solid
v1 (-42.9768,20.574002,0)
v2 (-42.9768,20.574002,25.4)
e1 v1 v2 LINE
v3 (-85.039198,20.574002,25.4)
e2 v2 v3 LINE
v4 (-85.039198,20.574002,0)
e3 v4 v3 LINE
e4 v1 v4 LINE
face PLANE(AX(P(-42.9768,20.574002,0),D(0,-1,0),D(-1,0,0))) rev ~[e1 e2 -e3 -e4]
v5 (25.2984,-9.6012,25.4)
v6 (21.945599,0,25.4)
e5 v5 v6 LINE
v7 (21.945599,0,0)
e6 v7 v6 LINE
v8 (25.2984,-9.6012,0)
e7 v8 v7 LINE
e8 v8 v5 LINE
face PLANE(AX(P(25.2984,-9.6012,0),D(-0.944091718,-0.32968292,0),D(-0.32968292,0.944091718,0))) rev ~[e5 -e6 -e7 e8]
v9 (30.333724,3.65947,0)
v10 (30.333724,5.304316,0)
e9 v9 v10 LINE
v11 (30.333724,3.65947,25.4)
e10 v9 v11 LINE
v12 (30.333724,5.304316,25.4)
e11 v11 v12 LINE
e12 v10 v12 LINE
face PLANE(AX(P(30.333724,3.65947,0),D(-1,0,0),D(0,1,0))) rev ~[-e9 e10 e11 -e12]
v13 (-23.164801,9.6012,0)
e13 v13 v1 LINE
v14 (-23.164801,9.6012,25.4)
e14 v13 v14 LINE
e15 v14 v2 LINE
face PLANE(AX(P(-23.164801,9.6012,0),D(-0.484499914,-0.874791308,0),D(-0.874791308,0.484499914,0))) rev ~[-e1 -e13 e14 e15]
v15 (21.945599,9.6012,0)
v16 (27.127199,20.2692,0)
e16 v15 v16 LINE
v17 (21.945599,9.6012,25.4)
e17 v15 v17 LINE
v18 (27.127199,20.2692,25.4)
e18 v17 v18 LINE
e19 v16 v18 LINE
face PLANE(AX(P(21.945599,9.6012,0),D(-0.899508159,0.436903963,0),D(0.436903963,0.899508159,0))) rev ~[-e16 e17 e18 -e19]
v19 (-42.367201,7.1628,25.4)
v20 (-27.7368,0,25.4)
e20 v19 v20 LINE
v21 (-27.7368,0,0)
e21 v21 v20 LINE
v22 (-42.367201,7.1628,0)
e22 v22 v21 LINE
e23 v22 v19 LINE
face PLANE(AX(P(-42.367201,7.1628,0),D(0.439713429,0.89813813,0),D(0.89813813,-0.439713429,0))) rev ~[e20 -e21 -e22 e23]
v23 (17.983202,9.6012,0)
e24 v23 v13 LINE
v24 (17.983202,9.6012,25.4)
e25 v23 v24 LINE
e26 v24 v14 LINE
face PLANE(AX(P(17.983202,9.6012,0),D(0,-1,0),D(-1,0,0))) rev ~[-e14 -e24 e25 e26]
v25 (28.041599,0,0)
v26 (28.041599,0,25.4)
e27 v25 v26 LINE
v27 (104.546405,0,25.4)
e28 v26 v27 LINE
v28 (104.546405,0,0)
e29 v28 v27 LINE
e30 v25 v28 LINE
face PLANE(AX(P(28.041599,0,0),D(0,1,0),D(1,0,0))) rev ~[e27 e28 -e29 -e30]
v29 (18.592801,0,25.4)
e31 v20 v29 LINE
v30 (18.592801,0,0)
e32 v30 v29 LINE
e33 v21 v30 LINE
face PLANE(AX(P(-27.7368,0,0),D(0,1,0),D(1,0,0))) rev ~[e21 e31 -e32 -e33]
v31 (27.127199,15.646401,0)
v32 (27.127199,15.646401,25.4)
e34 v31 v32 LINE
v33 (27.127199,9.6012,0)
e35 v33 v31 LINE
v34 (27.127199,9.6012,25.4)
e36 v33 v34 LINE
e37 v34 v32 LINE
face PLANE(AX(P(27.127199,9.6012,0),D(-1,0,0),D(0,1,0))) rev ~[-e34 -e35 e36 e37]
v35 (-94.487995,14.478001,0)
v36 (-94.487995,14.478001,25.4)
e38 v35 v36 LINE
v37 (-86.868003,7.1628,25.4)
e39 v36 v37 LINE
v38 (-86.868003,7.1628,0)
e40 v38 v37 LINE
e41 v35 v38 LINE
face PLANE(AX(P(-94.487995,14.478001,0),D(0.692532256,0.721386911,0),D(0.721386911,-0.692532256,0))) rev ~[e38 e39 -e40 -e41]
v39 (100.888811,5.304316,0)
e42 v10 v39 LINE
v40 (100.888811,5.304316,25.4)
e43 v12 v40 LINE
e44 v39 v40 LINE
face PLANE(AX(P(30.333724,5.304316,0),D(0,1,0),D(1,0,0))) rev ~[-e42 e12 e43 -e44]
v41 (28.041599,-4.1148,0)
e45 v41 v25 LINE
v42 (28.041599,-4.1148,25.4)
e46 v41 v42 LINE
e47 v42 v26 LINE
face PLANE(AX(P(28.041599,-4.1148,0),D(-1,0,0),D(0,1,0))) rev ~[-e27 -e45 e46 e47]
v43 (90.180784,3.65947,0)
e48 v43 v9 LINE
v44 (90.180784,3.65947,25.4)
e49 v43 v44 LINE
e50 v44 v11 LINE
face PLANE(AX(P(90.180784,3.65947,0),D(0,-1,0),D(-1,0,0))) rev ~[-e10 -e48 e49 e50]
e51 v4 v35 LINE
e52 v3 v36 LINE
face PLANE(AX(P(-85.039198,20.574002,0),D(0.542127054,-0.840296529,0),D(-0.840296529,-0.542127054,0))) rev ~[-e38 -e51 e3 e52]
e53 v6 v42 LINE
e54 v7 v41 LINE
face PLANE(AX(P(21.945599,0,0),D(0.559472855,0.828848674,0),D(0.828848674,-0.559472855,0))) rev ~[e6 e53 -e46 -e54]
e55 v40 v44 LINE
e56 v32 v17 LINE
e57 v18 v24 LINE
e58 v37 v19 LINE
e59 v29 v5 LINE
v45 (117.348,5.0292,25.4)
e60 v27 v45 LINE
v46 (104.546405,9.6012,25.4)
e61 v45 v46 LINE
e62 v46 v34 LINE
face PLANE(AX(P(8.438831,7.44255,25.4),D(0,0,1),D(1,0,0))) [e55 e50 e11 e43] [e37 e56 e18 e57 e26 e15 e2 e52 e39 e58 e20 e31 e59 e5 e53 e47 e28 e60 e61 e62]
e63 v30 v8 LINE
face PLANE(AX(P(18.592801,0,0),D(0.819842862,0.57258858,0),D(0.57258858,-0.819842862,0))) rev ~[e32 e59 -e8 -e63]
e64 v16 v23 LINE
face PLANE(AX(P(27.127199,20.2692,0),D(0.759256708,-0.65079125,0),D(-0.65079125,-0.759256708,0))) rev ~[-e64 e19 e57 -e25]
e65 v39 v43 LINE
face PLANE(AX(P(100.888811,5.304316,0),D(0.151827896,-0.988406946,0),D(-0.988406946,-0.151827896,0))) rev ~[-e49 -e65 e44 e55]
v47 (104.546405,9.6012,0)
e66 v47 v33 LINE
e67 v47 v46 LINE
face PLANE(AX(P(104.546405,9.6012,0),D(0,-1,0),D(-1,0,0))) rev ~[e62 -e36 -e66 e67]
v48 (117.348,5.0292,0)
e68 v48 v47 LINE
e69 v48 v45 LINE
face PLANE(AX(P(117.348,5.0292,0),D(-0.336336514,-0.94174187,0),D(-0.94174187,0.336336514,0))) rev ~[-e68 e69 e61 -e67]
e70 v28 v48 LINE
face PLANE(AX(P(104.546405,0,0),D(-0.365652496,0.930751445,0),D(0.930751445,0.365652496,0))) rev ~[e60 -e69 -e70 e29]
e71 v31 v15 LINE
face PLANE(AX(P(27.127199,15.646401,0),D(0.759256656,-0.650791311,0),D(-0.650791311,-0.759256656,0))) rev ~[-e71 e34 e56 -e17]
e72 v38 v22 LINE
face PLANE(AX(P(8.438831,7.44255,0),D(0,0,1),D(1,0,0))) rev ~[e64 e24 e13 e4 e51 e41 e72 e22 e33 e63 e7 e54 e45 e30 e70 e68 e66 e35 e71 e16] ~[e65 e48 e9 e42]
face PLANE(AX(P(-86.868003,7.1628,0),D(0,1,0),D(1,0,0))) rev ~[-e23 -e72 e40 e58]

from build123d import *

# Parameters (mm, degrees)
F1_DEPTH = 25.4


with BuildPart() as f1:
    # F0 (on Top) → F1 (new body)
    with BuildSketch(Plane.XY):
        Polygon((9.144, 9.6012), (4.267201, 9.6012), (-23.164801, 9.6012), (-42.9768, 20.574002), (-85.039198, 20.574002), (-94.487995, 14.478001), (-86.868003, 7.1628), (-42.367201, 7.1628), (-27.7368, 0), (-12.192, 0), (18.592801, 0), (25.2984, -9.6012), (21.945599, 0), (28.041599, -4.1148), (28.041599, 0), (32.003999, 0), (41.148003, 0), (60.655203, 0), (85.344002, 0), (104.546405, 0), (100.888811, 5.304316), (104.546405, 9.6012), (85.344002, 9.6012), (60.655203, 9.6012), (40.843204, 9.6012), (32.308798, 9.6012), (27.127199, 9.6012), (27.127199, 15.646401), (21.945599, 9.6012), (27.127199, 20.2692), (17.983202, 9.6012), align=None)
        Polygon((90.180784, 5.304316), (100.888811, 5.304316), (90.180784, 3.65947), (30.333724, 3.65947), (30.333724, 5.304316), align=None, mode=Mode.SUBTRACT)
        Polygon((117.348, 5.0292), (104.546405, 9.6012), (100.888811, 5.304316), (104.546405, 0), align=None)
    extrude(amount=F1_DEPTH)


solid = f1.part
